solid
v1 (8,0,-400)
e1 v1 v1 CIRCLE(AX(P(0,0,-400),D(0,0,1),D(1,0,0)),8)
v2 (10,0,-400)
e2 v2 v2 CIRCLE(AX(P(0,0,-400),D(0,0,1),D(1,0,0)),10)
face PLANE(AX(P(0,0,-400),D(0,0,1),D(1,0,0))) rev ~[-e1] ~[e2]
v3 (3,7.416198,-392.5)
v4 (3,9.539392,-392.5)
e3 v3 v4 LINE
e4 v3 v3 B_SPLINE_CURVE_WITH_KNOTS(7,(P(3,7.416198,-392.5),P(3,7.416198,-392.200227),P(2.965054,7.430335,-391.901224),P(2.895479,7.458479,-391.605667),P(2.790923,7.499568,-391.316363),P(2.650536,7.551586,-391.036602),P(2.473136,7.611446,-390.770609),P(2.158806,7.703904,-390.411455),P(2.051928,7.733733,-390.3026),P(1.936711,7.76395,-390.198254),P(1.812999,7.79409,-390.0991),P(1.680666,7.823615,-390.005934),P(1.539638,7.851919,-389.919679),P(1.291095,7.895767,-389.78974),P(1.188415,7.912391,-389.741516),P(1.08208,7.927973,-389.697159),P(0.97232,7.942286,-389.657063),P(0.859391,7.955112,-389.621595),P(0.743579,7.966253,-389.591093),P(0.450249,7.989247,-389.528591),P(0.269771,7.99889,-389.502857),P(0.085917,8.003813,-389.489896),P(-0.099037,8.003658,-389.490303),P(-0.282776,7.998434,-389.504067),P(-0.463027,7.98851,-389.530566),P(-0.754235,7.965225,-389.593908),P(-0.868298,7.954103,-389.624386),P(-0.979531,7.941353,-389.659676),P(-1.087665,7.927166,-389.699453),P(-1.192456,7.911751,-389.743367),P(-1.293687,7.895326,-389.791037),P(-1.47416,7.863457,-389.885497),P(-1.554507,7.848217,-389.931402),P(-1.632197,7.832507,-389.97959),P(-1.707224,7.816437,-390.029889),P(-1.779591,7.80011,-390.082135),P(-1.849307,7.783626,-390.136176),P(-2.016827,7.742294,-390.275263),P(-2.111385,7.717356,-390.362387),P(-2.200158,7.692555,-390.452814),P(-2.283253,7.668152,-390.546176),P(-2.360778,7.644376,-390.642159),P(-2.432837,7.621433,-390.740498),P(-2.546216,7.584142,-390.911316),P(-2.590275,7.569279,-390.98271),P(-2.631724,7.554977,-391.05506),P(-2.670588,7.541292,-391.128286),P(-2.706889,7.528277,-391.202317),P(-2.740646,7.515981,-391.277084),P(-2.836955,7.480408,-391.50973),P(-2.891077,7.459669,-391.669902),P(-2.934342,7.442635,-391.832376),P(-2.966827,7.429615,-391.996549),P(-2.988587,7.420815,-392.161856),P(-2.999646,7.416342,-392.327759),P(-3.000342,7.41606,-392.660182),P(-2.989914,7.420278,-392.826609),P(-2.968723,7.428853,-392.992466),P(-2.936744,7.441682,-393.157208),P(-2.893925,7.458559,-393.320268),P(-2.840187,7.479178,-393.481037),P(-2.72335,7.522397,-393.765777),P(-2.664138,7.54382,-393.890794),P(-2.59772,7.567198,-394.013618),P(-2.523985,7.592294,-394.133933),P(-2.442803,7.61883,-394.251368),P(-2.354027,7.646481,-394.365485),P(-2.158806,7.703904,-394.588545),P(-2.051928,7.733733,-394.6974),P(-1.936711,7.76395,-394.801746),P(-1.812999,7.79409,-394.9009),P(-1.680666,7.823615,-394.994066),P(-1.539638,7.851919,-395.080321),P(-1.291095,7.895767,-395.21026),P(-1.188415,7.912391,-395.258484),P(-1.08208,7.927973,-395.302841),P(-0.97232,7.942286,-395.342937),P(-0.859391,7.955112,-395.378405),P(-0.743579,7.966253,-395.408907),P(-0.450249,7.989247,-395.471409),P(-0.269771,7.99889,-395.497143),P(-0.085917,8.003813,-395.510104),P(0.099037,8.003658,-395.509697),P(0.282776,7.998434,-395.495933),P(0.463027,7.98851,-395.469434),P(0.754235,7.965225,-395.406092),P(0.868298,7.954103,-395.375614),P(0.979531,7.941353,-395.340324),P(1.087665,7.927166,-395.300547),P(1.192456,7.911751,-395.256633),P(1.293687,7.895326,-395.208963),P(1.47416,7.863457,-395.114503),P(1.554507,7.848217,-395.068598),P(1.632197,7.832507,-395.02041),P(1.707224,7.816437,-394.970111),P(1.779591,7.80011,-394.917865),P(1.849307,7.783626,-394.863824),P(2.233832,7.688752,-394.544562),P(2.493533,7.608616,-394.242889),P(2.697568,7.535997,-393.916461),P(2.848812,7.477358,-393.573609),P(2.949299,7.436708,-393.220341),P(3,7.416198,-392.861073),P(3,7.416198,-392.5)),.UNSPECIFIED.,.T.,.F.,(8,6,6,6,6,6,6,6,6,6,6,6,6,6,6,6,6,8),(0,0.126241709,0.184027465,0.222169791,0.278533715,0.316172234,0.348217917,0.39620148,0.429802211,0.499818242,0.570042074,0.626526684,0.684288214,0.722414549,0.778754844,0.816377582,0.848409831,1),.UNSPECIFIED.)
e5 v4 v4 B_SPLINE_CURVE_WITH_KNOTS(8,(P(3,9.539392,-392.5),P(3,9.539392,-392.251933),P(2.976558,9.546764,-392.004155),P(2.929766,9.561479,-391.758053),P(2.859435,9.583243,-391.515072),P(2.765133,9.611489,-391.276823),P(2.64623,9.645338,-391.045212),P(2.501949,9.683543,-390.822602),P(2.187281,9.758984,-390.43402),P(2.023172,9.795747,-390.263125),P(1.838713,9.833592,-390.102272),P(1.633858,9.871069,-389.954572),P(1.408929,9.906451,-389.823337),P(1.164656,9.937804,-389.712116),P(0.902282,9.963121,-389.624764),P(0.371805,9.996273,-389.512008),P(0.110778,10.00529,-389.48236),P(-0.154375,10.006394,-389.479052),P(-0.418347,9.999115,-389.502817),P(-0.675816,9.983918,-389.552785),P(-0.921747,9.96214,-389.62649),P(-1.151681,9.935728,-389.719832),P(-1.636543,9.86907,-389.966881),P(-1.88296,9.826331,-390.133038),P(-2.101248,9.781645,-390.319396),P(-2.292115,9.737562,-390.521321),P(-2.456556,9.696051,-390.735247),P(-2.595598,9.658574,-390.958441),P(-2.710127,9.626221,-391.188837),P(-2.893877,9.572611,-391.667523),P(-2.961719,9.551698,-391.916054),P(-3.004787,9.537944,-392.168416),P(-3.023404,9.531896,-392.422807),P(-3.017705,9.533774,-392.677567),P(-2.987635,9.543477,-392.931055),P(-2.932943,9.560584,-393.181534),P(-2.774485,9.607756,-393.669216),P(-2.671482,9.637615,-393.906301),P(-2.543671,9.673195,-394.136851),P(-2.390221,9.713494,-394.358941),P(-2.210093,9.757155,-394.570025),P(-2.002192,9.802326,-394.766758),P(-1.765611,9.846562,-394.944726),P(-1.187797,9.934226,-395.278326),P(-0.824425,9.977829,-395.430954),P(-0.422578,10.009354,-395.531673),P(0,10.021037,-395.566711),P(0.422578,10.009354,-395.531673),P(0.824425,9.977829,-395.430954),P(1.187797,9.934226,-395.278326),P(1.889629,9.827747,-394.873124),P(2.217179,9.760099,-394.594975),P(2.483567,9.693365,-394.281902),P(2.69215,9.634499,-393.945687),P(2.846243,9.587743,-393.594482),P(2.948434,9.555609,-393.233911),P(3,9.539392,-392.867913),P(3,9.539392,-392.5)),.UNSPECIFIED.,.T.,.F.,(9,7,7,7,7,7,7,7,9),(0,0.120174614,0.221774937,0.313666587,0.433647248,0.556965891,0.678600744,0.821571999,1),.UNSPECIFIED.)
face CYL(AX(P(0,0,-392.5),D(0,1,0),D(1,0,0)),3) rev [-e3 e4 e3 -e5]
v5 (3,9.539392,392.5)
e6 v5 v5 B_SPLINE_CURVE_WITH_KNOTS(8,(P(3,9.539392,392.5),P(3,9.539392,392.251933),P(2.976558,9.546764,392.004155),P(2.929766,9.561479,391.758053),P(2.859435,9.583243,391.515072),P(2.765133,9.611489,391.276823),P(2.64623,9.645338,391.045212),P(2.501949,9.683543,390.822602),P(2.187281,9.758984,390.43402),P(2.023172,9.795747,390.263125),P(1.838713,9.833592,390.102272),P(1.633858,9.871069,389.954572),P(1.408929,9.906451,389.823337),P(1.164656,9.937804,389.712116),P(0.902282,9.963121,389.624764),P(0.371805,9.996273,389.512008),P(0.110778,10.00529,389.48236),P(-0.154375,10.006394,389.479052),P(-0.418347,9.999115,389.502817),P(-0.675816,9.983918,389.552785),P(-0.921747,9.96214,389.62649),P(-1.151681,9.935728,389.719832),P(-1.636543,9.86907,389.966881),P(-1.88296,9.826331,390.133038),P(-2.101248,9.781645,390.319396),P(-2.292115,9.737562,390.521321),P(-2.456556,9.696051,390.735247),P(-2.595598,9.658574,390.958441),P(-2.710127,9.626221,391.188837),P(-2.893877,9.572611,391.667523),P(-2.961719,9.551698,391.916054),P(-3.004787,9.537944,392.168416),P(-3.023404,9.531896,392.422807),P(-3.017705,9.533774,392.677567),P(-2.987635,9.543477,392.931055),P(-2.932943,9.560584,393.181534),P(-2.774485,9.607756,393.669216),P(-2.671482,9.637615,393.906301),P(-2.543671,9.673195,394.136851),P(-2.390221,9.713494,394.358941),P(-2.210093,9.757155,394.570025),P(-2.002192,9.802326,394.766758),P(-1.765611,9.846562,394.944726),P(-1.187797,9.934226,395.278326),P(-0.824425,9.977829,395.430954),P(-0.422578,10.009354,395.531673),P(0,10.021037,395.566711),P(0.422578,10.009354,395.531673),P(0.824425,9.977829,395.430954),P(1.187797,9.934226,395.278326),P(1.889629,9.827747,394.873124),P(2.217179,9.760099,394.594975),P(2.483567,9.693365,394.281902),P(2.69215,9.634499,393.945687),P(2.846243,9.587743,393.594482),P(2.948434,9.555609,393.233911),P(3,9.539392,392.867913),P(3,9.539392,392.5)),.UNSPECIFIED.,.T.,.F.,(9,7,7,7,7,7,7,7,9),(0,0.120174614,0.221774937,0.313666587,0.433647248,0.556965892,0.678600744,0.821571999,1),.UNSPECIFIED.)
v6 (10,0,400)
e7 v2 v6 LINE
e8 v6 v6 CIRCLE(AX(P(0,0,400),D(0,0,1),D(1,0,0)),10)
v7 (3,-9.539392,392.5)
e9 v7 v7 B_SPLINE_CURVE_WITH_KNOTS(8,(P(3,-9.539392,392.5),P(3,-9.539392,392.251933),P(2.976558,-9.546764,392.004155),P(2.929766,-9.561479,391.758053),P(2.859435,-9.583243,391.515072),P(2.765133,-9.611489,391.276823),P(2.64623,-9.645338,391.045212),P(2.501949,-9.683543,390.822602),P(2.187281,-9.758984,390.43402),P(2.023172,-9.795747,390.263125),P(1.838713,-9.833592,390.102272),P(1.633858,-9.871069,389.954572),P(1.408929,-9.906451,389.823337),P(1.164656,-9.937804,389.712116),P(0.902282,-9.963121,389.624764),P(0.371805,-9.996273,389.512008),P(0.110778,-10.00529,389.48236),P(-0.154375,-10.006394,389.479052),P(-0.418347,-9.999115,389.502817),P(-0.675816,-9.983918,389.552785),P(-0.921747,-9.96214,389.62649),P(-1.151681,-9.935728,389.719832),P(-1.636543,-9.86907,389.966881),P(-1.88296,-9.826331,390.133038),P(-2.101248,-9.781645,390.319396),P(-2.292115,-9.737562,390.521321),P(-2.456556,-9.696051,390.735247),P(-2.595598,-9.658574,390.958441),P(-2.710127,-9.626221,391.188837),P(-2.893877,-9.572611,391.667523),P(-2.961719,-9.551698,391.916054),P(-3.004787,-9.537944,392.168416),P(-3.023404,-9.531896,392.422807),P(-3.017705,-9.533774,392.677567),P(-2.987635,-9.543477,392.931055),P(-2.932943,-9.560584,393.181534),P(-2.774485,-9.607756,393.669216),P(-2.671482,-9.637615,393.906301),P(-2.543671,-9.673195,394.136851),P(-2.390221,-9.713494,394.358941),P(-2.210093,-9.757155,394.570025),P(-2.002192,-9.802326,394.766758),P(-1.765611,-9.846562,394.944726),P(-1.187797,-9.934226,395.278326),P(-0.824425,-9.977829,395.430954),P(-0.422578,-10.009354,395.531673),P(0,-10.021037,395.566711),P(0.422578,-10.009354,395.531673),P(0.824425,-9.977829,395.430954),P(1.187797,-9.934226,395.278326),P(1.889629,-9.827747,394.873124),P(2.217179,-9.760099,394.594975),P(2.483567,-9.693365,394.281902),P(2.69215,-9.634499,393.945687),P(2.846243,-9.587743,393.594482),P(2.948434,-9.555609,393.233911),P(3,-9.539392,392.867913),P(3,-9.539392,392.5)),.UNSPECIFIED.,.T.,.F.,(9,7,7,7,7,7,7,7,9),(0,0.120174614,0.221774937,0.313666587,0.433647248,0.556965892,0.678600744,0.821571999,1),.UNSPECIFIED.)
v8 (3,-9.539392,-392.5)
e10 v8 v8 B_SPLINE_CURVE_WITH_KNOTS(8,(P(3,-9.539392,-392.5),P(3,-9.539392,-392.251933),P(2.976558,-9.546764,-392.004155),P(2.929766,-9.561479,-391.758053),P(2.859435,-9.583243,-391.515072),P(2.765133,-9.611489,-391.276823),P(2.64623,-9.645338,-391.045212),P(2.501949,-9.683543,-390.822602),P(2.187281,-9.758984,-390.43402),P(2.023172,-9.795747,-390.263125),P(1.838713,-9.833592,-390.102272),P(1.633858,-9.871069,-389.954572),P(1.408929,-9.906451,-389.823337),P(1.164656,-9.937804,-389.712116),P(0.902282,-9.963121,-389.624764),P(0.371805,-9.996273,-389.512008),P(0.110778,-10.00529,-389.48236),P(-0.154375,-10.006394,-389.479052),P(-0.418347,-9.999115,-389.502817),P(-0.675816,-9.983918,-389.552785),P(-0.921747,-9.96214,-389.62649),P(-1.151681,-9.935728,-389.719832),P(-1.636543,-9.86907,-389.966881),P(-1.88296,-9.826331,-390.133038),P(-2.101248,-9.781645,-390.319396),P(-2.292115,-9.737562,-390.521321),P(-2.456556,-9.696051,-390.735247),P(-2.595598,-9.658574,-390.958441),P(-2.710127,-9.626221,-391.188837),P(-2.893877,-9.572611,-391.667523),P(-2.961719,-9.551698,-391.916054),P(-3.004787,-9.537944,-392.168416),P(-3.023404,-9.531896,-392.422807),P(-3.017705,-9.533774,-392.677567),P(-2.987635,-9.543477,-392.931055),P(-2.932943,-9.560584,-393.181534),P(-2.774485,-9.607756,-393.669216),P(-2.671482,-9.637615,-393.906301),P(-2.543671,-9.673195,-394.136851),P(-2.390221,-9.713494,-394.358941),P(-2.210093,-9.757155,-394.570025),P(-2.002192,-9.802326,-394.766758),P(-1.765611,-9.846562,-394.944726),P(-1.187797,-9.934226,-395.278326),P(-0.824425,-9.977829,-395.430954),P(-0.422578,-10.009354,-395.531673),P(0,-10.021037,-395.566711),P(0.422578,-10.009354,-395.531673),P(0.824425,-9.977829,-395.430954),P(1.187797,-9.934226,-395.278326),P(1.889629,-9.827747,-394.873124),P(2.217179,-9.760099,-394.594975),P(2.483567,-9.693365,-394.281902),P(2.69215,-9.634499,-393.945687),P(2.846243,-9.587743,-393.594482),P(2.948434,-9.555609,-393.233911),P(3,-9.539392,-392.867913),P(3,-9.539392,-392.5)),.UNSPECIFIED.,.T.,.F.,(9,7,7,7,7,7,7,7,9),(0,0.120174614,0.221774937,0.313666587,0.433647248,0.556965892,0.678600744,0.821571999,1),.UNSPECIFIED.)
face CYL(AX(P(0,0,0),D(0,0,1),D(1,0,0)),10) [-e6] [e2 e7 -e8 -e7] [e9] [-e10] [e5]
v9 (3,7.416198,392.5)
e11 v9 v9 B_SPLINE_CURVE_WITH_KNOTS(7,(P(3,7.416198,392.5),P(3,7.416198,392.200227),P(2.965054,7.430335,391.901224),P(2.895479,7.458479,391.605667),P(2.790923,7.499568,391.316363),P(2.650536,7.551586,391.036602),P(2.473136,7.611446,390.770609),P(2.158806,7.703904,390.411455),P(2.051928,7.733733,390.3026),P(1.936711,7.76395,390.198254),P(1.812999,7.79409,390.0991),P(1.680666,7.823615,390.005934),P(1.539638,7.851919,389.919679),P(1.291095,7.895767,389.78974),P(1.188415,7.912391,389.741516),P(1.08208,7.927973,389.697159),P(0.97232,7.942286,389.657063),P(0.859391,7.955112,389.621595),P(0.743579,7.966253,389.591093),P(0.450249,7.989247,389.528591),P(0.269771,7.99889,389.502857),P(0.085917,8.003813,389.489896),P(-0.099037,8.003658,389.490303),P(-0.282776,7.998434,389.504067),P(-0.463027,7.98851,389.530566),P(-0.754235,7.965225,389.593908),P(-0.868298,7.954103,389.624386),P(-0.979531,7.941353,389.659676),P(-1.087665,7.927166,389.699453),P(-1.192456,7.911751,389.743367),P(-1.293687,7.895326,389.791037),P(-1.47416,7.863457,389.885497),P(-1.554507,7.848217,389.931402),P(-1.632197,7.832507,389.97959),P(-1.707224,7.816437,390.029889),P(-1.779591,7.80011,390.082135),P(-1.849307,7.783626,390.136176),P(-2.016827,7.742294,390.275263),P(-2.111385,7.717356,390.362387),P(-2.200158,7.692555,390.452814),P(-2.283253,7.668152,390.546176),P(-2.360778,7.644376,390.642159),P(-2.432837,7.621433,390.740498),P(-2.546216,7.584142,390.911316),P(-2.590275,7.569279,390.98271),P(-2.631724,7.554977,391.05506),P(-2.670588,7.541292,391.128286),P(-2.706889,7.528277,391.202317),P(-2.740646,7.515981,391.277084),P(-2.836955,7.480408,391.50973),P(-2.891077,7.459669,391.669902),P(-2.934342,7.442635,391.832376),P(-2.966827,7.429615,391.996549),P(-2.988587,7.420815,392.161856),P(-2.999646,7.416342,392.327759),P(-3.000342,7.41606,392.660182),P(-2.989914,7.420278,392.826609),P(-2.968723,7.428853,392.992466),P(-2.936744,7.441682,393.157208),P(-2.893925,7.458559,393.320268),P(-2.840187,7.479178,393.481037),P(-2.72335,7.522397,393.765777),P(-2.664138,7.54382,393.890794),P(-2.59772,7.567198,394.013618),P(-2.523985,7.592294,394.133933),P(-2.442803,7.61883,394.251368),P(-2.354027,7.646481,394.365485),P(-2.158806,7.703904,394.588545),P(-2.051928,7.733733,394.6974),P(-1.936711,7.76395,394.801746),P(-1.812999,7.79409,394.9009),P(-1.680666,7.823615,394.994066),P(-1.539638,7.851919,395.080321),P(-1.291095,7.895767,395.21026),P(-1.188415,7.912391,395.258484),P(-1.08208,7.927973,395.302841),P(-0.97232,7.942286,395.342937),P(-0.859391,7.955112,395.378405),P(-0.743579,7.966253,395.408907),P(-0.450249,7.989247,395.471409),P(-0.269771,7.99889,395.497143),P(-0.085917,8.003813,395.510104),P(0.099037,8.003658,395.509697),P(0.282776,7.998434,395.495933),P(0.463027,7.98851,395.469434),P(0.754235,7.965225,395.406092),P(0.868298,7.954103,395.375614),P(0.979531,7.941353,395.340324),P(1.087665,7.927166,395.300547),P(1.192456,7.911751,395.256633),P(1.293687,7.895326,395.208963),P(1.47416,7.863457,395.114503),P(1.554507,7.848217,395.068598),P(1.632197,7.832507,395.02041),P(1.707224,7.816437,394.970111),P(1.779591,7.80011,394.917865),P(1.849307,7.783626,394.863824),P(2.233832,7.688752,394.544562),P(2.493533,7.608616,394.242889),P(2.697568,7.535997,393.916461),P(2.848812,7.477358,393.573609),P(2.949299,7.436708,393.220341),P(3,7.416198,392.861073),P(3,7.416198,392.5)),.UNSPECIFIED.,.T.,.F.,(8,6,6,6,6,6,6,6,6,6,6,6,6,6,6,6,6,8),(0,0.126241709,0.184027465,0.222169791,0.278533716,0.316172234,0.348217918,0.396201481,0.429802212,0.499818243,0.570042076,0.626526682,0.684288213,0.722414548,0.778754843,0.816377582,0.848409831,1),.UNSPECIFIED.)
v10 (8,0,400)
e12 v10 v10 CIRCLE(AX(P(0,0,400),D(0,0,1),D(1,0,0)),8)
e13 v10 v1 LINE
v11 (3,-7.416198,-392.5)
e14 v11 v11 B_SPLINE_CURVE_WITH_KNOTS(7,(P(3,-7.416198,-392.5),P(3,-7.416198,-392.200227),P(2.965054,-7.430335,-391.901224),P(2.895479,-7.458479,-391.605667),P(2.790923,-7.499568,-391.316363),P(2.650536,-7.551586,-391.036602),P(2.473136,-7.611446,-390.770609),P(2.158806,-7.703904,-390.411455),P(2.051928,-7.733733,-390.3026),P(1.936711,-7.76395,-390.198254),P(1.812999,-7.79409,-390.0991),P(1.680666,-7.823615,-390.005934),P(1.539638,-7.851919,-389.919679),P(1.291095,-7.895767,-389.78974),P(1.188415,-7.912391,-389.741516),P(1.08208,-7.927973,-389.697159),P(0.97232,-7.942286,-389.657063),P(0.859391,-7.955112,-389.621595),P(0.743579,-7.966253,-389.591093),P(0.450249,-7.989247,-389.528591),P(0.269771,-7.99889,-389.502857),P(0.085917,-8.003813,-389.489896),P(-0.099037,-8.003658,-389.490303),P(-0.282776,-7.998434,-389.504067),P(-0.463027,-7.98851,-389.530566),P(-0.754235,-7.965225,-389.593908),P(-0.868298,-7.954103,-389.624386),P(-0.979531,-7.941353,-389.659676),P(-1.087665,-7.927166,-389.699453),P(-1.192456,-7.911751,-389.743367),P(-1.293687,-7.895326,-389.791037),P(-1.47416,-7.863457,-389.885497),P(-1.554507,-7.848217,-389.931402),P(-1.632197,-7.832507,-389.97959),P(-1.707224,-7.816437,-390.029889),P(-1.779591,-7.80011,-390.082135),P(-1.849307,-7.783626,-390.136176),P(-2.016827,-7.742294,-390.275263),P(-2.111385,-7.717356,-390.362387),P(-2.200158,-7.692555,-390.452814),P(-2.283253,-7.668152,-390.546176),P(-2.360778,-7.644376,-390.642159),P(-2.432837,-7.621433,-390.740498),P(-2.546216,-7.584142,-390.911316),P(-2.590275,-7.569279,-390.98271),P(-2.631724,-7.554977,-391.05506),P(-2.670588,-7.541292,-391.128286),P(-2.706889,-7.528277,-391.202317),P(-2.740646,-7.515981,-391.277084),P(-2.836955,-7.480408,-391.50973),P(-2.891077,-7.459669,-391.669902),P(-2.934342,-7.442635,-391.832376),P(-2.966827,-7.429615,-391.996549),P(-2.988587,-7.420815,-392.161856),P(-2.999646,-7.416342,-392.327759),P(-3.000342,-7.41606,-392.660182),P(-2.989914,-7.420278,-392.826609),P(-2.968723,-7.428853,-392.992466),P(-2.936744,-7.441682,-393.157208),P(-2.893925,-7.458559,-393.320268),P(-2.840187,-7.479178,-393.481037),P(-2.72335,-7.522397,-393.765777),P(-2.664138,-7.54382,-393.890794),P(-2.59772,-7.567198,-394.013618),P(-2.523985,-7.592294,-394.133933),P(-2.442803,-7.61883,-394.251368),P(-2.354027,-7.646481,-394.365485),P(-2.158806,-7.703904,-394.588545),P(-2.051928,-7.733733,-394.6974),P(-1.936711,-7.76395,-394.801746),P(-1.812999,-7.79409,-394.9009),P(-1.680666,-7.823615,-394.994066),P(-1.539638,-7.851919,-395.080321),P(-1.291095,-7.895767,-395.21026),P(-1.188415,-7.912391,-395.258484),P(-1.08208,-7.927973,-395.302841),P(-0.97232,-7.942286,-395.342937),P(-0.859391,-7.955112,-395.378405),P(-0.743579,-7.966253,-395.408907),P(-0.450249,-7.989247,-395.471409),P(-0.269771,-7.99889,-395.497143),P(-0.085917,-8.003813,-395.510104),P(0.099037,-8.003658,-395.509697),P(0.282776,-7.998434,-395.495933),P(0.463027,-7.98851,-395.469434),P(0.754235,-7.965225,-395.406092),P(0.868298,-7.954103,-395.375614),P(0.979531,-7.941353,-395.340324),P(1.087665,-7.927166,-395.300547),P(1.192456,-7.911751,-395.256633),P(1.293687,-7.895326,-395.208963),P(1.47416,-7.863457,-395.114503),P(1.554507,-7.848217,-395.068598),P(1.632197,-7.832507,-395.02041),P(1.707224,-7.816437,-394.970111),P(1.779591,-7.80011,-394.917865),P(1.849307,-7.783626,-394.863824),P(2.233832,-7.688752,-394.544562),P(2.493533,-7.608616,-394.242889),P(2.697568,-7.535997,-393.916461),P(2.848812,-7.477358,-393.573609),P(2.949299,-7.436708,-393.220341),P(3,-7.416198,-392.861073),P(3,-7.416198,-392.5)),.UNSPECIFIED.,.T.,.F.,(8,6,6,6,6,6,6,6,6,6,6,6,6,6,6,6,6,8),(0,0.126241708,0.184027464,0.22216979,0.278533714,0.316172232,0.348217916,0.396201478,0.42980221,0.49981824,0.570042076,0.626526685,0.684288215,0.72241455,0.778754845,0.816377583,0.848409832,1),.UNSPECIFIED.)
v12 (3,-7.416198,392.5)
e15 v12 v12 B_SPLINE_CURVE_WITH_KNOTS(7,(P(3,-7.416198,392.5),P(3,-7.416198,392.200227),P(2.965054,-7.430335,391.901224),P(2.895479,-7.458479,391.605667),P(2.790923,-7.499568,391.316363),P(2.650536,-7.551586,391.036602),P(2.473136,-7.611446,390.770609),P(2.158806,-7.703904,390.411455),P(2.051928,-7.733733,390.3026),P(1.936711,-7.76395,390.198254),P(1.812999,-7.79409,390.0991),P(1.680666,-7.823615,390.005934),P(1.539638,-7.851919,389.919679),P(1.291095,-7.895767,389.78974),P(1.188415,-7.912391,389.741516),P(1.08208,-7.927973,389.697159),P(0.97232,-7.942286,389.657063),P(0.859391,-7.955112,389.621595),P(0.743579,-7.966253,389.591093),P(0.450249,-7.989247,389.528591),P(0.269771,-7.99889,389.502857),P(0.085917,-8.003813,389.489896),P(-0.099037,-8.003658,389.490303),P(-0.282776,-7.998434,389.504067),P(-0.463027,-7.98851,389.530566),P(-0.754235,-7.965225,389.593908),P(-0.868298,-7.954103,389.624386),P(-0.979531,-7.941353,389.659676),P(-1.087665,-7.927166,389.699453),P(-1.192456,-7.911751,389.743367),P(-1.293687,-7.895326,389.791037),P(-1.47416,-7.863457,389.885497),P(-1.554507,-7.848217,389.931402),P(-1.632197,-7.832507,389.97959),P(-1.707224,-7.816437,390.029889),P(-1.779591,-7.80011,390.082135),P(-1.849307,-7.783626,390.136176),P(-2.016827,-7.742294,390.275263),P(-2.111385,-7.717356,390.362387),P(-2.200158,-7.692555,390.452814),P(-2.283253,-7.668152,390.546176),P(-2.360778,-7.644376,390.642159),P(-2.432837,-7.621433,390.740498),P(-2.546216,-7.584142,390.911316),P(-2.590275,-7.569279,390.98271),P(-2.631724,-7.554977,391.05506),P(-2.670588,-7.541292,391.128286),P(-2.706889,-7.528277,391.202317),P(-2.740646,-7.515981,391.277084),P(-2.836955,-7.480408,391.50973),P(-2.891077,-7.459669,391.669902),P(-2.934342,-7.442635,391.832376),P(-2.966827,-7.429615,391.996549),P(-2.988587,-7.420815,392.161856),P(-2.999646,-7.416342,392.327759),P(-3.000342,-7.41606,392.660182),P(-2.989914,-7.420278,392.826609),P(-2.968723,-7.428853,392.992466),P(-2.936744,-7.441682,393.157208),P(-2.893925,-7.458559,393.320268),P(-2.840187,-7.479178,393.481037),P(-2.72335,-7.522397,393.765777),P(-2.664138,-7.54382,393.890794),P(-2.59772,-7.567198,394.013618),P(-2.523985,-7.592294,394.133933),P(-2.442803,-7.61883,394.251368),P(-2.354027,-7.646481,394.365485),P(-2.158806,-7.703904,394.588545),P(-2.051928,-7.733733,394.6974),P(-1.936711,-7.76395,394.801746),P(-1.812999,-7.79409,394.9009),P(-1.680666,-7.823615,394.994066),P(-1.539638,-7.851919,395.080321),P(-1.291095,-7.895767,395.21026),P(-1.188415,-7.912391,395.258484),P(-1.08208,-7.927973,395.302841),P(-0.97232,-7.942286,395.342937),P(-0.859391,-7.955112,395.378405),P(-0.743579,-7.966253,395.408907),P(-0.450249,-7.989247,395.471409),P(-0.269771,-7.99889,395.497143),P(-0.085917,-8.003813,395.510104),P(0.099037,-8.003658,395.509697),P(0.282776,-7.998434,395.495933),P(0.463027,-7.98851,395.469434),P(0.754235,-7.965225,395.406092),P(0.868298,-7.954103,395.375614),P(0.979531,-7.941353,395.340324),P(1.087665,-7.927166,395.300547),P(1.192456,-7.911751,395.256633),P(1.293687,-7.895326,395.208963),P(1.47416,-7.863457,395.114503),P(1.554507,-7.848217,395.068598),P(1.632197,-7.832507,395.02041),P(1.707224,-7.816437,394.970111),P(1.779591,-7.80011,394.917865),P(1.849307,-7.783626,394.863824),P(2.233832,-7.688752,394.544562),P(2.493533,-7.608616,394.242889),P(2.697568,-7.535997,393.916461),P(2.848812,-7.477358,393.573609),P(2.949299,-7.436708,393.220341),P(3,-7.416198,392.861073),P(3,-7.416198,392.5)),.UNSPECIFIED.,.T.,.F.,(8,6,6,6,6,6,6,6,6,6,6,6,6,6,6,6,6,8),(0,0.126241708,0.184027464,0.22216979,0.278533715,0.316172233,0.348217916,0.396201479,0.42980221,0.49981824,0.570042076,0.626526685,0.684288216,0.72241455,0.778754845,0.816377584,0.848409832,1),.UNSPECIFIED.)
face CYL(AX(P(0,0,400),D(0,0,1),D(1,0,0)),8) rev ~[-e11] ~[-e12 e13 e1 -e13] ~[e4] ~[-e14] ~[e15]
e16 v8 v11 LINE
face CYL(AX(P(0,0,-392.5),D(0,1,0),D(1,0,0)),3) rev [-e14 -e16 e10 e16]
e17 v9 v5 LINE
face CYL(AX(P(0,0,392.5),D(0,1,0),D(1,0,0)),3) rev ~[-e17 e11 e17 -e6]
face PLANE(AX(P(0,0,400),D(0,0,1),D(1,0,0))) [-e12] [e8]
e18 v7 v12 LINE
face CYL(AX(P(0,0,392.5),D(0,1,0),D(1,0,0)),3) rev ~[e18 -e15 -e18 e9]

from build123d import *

# Parameters (mm, degrees)
SZKIC1_R                    = 10
DODANIE_WYCI_GNI_CIE2_DEPTH = 400
SZKIC3_R                    = 8
WYTNIJ_WYCI_GNI_CIE1_DEPTH  = 801
SZKIC4_R                    = 3
WYTNIJ_WYCI_GNI_CIE2_DEPTH  = 11


with BuildPart() as part:
    # Szkic1 → Dodanie-wyciągnięcie2 (new body, symmetric)
    with BuildSketch(Plane.XY):
        Circle(SZKIC1_R)
    extrude(amount=DODANIE_WYCI_GNI_CIE2_DEPTH, both=True)

    # Szkic3 → Wytnij-wyciągnięcie1 (cut, through all)
    with BuildSketch(Plane.XY.offset(400)):
        Circle(SZKIC3_R)
    extrude(amount=-WYTNIJ_WYCI_GNI_CIE1_DEPTH, mode=Mode.SUBTRACT)

    # Szkic4 → Wytnij-wyciągnięcie2 (cut, symmetric)
    with BuildSketch(Plane(origin=(0, 0, 0), x_dir=(1, 0, 0), z_dir=(0, 1, 0))):
        with Locations((0, -392.5)):
            Circle(SZKIC4_R)
    wytnij_wyci_gni_cie2 = extrude(amount=WYTNIJ_WYCI_GNI_CIE2_DEPTH, both=True, mode=Mode.SUBTRACT)

    # Lustro1: Wytnij-wyciągnięcie2 across plane
    add(wytnij_wyci_gni_cie2.mirror(Plane(origin=(0, 0, 0), x_dir=(1, 0, 0), z_dir=(0, 0, -1))), mode=Mode.SUBTRACT)


solid = part.part
